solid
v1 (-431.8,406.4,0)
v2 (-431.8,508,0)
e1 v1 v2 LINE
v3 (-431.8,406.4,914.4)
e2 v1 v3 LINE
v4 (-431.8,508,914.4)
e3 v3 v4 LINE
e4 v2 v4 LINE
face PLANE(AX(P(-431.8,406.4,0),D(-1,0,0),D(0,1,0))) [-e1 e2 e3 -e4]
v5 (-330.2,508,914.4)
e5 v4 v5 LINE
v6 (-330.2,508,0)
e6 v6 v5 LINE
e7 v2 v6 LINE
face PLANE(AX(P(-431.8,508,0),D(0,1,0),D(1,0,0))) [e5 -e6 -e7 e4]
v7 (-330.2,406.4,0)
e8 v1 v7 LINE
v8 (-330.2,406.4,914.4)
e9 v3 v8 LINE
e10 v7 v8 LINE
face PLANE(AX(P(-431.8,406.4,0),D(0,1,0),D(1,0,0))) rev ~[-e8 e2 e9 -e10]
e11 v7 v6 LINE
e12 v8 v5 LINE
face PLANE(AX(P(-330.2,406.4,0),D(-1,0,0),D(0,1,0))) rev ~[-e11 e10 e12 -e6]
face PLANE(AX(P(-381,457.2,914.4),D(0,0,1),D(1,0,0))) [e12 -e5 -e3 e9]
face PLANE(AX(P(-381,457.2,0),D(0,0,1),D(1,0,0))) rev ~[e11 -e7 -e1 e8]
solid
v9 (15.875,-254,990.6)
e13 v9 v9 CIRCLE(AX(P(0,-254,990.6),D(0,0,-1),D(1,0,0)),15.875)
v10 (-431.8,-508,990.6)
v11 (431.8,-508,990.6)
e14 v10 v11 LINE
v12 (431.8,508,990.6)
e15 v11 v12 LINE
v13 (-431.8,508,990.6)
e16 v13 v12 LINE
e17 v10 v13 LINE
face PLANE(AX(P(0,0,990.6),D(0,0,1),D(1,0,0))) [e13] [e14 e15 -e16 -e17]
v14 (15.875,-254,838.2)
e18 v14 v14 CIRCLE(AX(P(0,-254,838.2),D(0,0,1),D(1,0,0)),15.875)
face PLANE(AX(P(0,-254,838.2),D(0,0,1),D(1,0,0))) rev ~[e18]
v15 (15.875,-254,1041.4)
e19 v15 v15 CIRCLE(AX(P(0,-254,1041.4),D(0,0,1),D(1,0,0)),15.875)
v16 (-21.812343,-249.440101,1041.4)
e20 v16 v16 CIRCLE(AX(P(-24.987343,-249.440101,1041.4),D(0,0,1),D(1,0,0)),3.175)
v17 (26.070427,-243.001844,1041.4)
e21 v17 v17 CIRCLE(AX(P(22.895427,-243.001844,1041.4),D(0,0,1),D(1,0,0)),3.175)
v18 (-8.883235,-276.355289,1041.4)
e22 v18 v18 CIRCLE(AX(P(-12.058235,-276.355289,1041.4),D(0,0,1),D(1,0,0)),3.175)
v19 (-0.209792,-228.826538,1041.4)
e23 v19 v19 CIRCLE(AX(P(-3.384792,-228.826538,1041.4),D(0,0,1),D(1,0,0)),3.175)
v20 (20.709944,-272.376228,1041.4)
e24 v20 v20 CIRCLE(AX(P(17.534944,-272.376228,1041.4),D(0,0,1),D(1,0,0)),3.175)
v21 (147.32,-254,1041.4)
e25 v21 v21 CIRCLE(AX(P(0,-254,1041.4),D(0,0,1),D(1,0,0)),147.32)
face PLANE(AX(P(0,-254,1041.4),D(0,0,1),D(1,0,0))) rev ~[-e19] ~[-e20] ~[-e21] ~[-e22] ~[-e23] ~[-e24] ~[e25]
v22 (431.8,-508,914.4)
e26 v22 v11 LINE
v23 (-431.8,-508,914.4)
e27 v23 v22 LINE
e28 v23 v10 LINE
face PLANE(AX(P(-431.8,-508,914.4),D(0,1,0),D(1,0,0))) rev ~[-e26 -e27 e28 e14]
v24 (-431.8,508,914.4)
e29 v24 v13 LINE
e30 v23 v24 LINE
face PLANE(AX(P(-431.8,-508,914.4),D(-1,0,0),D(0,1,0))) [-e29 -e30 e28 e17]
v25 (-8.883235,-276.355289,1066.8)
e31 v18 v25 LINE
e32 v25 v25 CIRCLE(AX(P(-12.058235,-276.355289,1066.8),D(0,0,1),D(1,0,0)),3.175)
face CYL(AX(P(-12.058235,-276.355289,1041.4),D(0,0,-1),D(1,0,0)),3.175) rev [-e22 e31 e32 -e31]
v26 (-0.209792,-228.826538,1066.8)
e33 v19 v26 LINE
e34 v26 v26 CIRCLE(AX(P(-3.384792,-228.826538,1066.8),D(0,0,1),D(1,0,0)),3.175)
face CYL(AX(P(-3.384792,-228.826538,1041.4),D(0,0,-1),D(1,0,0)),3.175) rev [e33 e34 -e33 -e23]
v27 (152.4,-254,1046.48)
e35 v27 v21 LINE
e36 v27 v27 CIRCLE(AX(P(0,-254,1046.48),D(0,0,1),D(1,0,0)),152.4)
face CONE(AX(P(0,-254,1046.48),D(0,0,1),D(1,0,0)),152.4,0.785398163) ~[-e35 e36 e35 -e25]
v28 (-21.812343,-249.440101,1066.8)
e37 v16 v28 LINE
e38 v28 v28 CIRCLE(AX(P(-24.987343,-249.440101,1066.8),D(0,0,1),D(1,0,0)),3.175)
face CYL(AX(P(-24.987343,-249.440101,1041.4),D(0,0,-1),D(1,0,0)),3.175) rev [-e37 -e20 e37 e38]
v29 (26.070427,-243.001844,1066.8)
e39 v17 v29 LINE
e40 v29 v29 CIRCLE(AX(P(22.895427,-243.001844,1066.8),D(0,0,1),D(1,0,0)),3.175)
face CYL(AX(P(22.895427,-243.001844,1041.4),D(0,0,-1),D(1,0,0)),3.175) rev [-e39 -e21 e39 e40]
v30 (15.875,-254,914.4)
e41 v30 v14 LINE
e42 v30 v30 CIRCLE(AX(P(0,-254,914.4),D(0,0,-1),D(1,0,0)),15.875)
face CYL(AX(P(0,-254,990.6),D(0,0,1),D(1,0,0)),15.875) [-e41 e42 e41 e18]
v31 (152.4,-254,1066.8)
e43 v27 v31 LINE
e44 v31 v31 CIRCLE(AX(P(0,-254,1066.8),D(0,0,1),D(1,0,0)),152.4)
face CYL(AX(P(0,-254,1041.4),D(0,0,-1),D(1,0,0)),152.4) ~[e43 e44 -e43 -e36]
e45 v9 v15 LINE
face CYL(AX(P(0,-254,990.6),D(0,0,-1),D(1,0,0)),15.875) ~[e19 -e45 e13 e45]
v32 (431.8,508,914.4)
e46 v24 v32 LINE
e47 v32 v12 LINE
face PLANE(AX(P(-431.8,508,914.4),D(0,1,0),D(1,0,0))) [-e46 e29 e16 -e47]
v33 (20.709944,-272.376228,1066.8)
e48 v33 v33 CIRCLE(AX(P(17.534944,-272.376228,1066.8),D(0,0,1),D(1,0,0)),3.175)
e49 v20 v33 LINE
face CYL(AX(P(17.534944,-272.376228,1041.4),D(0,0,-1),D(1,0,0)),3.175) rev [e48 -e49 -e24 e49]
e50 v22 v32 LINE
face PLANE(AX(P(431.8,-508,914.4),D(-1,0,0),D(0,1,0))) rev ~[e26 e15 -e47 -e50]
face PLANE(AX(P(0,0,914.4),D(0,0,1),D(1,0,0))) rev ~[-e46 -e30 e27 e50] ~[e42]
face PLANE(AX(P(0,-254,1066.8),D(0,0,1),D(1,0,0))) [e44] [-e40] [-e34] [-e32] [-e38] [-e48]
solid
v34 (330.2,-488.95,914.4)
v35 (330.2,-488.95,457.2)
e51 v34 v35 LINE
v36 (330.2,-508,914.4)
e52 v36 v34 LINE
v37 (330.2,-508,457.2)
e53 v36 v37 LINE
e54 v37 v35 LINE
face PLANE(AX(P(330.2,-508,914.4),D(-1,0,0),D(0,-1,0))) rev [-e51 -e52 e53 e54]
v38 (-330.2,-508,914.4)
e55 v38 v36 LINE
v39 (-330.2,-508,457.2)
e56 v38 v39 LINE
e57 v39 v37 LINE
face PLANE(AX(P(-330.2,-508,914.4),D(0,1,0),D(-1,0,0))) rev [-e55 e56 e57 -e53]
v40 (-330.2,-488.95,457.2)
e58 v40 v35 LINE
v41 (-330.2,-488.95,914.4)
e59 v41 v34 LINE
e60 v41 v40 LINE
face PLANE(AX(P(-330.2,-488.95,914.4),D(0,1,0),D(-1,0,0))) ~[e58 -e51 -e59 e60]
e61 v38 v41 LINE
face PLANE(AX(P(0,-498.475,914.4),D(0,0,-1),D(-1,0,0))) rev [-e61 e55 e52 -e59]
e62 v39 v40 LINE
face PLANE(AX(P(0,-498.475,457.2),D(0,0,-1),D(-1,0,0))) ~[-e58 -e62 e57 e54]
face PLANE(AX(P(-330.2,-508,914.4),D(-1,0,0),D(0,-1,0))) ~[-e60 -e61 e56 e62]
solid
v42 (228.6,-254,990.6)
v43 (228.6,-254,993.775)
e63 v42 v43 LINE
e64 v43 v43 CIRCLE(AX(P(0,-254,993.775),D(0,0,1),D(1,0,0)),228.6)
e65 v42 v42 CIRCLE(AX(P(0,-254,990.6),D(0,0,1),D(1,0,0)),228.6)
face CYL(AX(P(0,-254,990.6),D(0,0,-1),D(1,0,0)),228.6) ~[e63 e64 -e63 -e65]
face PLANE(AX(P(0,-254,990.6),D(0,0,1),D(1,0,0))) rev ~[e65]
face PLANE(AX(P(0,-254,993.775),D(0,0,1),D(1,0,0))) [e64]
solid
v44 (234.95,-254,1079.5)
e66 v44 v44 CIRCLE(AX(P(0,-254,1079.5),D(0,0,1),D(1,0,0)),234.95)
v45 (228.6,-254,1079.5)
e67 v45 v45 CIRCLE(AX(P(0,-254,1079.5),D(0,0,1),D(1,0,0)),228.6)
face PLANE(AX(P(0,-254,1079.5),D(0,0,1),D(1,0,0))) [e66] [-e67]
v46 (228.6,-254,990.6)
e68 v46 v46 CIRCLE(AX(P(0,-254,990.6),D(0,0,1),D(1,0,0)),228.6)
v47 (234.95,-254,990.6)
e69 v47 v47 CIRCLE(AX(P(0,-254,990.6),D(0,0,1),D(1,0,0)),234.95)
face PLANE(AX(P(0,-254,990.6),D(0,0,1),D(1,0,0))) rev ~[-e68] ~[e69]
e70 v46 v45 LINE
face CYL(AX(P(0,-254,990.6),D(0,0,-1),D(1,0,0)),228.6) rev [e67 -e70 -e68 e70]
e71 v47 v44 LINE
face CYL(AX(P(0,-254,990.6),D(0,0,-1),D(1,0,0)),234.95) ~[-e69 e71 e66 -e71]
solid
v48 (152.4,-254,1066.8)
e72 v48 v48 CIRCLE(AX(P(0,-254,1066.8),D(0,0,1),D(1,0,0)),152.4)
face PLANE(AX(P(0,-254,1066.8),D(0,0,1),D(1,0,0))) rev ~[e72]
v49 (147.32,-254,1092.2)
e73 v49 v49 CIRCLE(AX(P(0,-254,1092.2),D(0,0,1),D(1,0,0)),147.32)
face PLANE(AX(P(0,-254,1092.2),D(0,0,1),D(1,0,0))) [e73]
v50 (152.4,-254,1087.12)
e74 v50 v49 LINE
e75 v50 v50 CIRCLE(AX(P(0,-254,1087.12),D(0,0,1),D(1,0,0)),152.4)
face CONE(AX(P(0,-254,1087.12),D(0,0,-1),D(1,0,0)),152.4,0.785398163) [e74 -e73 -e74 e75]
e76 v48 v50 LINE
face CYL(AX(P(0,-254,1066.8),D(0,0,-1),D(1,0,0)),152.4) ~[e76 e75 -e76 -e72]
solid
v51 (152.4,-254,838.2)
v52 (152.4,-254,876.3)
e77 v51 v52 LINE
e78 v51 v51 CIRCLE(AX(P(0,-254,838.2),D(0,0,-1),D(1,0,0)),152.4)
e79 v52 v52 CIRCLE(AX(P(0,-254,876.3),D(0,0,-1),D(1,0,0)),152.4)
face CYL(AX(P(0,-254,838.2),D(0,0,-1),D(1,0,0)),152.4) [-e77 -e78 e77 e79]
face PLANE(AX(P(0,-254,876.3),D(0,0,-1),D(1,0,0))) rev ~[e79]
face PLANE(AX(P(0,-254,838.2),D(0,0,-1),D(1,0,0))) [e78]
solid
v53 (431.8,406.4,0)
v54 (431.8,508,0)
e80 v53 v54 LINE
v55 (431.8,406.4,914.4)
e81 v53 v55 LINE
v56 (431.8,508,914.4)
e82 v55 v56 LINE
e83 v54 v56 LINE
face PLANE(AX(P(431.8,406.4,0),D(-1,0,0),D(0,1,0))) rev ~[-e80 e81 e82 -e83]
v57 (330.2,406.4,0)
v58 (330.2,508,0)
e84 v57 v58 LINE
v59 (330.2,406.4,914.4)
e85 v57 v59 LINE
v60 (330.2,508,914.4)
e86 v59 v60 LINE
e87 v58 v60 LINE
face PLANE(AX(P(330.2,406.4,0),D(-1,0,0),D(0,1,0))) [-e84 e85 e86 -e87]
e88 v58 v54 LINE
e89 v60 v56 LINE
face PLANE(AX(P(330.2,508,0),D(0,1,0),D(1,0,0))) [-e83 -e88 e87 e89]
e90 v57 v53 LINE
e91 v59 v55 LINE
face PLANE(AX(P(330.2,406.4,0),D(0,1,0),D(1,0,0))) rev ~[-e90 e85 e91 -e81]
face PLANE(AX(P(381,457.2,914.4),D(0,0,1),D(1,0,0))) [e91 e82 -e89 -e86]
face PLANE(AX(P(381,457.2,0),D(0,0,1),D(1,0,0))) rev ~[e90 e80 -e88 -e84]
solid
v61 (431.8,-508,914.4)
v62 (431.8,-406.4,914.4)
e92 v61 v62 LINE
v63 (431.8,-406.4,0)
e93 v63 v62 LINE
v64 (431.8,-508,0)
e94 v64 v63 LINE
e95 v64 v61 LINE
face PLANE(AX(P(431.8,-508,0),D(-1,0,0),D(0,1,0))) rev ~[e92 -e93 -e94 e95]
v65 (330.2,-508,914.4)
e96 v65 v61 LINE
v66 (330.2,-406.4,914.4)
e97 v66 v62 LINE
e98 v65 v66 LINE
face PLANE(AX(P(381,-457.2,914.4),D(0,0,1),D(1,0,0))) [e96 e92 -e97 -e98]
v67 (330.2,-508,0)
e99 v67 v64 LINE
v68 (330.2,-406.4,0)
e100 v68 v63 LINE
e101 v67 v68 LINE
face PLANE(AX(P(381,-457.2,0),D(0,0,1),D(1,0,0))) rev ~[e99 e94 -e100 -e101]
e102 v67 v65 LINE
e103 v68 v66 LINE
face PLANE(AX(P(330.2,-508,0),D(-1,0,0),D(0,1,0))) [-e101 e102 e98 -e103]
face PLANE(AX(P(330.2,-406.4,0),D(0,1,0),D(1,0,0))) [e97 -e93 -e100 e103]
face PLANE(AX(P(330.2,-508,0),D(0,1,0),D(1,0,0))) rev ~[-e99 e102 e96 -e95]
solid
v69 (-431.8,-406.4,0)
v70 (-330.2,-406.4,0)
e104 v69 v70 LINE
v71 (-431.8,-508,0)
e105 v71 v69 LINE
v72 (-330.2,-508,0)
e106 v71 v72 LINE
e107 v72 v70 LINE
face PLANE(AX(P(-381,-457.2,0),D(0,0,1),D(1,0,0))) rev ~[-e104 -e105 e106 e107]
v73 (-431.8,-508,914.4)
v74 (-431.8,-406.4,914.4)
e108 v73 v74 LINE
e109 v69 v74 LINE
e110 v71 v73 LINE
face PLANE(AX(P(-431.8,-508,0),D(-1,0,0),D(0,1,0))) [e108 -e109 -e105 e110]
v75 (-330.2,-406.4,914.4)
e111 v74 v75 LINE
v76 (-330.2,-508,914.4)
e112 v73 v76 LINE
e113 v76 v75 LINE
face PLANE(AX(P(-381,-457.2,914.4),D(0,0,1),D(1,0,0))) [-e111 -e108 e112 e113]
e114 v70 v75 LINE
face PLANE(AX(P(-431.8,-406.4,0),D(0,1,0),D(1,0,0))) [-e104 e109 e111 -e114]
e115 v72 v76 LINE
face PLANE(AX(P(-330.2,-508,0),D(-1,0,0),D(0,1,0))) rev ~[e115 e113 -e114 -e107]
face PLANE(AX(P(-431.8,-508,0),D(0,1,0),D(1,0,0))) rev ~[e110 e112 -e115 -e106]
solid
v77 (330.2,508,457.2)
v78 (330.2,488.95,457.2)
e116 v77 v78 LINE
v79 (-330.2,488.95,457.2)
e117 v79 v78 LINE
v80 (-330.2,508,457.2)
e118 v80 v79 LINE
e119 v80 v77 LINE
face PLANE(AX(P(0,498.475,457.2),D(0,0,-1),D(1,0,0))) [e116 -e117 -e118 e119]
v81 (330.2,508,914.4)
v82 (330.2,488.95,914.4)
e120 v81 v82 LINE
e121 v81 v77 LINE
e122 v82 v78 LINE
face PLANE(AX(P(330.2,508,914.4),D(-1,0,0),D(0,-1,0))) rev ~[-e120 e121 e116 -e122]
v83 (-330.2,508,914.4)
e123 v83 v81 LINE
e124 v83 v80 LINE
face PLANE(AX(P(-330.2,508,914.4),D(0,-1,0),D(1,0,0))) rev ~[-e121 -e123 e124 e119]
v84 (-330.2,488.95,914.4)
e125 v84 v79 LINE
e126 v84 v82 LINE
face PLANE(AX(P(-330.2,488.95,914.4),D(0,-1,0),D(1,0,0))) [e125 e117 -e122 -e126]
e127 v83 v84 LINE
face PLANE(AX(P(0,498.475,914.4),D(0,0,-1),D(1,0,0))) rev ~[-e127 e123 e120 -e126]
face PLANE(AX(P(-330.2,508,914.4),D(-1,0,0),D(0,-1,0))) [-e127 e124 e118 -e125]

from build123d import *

# Parameters (mm, degrees)
F0_W          = 101.6
F0_H          = 101.6
F1_DEPTH      = 914.4
F2_W          = 863.6
F2_H          = 1016
F3_DEPTH      = 76.2
F5_D          = 31.75
F6_R          = 15.875
F7_DEPTH      = 50.8
F7_DEPTH_BACK = 152.4
F8_R          = 152.4
F8_R_2        = 3.175
F9_DEPTH      = 25.4
F10_R         = 152.4
F11_DEPTH     = 25.4
F12_SIZE      = 5.08
F12_2_SIZE    = 5.08
F13_R         = 234.95
F13_R_2       = 228.6
F14_DEPTH     = 88.9
F15_R         = 228.6
F16_DEPTH     = 3.175
F17_R         = 152.4
F18_DEPTH     = 38.1
F19_W         = 660.4
F19_H         = 19.05
F20_DEPTH     = 457.2


with BuildPart() as f1:
    # F0 (on Top) → F1 (new body)
    with BuildSketch(Plane.XY):
        with Locations((-381, 457.2)):
            Rectangle(F0_W, F0_H)
        with Locations((381, 457.2)):
            Rectangle(F0_W, F0_H)
        with Locations((381, -457.2)):
            Rectangle(F0_W, F0_H)
        with Locations((-381, -457.2)):
            Rectangle(F0_W, F0_H)
    extrude(amount=F1_DEPTH)


with BuildPart() as f3:
    # F2 (on face) → F3 (new body)
    with BuildSketch(Plane.XY.offset(914.4)):
        Rectangle(F2_W, F2_H)
    extrude(amount=F3_DEPTH)

    # F5 (through all)
    with Locations(Plane.XY.offset(990.6)):
        with Locations((0, -254)):
            Hole(F5_D / 2)

    # F6 (on face) → F7 (join, two sides)
    with BuildSketch(Plane.XY.offset(990.6)) as f7_sk:
        with Locations((0, -254)):
            Circle(F6_R)
    extrude(amount=F7_DEPTH)
    extrude(f7_sk.sketch, amount=-F7_DEPTH_BACK)

    # F8 (on face) → F9 (join)
    with BuildSketch(Plane.XY.offset(1041.4)):
        with Locations((0, -254)):
            Circle(F8_R)
        with Locations((-12.058235, -276.355289)):
            Circle(F8_R_2, mode=Mode.SUBTRACT)
        with Locations((17.534944, -272.376228)):
            Circle(F8_R_2, mode=Mode.SUBTRACT)
        with Locations((-24.987343, -249.440101)):
            Circle(F8_R_2, mode=Mode.SUBTRACT)
        with Locations((-3.384792, -228.826538)):
            Circle(F8_R_2, mode=Mode.SUBTRACT)
        with Locations((22.895427, -243.001844)):
            Circle(F8_R_2, mode=Mode.SUBTRACT)
    extrude(amount=F9_DEPTH)

    # F12#2
    f12_2_edges = [f3.edges().sort_by_distance(p)[0] for p in [
        (-152.4, -254, 1041.4),
    ]]
    chamfer(f12_2_edges, length=F12_2_SIZE)


with BuildPart() as f11:
    # F10 (on face) → F11 (new body)
    with BuildSketch(Plane.XY.offset(1066.8)):
        with Locations((0, -254)):
            Circle(F10_R)
    extrude(amount=F11_DEPTH)

    # F12
    f12_edges = [f11.edges().sort_by_distance(p)[0] for p in [
        (-152.4, -254, 1092.2),
    ]]
    chamfer(f12_edges, length=F12_SIZE)


with BuildPart() as f14:
    # F13 (on face) → F14 (new body)
    with BuildSketch(Plane.XY.offset(990.6)):
        with Locations((0, -254)):
            Circle(F13_R)
        with Locations((0, -254)):
            Circle(F13_R_2, mode=Mode.SUBTRACT)
    extrude(amount=F14_DEPTH)


with BuildPart() as f16:
    # F15 (on face) → F16 (new body)
    with BuildSketch(Plane.XY.offset(990.6)):
        with Locations((0, -254)):
            Circle(F15_R)
    extrude(amount=F16_DEPTH)


with BuildPart() as f18:
    # F17 (on face) → F18 (new body)
    with BuildSketch(Plane(origin=(0, 0, 838.2), x_dir=(1, 0, 0), z_dir=(0, 0, -1))):
        with Locations((0, 254)):
            Circle(F17_R)
    extrude(amount=-F18_DEPTH)


with BuildPart() as f20:
    # F19 (on face) → F20 (new body)
    with BuildSketch(Plane(origin=(0, 0, 914.4), x_dir=(1, 0, 0), z_dir=(0, 0, -1))):
        with Locations((0, -498.475)):
            Rectangle(F19_W, F19_H)
    extrude(amount=F20_DEPTH)


with BuildPart() as f21_1:
    # F21: instance of F20
    add(f20.part.mirror(Plane.XZ))


solid = Compound([f1.part, f3.part, f11.part, f14.part, f16.part, f18.part, f20.part, f21_1.part])
